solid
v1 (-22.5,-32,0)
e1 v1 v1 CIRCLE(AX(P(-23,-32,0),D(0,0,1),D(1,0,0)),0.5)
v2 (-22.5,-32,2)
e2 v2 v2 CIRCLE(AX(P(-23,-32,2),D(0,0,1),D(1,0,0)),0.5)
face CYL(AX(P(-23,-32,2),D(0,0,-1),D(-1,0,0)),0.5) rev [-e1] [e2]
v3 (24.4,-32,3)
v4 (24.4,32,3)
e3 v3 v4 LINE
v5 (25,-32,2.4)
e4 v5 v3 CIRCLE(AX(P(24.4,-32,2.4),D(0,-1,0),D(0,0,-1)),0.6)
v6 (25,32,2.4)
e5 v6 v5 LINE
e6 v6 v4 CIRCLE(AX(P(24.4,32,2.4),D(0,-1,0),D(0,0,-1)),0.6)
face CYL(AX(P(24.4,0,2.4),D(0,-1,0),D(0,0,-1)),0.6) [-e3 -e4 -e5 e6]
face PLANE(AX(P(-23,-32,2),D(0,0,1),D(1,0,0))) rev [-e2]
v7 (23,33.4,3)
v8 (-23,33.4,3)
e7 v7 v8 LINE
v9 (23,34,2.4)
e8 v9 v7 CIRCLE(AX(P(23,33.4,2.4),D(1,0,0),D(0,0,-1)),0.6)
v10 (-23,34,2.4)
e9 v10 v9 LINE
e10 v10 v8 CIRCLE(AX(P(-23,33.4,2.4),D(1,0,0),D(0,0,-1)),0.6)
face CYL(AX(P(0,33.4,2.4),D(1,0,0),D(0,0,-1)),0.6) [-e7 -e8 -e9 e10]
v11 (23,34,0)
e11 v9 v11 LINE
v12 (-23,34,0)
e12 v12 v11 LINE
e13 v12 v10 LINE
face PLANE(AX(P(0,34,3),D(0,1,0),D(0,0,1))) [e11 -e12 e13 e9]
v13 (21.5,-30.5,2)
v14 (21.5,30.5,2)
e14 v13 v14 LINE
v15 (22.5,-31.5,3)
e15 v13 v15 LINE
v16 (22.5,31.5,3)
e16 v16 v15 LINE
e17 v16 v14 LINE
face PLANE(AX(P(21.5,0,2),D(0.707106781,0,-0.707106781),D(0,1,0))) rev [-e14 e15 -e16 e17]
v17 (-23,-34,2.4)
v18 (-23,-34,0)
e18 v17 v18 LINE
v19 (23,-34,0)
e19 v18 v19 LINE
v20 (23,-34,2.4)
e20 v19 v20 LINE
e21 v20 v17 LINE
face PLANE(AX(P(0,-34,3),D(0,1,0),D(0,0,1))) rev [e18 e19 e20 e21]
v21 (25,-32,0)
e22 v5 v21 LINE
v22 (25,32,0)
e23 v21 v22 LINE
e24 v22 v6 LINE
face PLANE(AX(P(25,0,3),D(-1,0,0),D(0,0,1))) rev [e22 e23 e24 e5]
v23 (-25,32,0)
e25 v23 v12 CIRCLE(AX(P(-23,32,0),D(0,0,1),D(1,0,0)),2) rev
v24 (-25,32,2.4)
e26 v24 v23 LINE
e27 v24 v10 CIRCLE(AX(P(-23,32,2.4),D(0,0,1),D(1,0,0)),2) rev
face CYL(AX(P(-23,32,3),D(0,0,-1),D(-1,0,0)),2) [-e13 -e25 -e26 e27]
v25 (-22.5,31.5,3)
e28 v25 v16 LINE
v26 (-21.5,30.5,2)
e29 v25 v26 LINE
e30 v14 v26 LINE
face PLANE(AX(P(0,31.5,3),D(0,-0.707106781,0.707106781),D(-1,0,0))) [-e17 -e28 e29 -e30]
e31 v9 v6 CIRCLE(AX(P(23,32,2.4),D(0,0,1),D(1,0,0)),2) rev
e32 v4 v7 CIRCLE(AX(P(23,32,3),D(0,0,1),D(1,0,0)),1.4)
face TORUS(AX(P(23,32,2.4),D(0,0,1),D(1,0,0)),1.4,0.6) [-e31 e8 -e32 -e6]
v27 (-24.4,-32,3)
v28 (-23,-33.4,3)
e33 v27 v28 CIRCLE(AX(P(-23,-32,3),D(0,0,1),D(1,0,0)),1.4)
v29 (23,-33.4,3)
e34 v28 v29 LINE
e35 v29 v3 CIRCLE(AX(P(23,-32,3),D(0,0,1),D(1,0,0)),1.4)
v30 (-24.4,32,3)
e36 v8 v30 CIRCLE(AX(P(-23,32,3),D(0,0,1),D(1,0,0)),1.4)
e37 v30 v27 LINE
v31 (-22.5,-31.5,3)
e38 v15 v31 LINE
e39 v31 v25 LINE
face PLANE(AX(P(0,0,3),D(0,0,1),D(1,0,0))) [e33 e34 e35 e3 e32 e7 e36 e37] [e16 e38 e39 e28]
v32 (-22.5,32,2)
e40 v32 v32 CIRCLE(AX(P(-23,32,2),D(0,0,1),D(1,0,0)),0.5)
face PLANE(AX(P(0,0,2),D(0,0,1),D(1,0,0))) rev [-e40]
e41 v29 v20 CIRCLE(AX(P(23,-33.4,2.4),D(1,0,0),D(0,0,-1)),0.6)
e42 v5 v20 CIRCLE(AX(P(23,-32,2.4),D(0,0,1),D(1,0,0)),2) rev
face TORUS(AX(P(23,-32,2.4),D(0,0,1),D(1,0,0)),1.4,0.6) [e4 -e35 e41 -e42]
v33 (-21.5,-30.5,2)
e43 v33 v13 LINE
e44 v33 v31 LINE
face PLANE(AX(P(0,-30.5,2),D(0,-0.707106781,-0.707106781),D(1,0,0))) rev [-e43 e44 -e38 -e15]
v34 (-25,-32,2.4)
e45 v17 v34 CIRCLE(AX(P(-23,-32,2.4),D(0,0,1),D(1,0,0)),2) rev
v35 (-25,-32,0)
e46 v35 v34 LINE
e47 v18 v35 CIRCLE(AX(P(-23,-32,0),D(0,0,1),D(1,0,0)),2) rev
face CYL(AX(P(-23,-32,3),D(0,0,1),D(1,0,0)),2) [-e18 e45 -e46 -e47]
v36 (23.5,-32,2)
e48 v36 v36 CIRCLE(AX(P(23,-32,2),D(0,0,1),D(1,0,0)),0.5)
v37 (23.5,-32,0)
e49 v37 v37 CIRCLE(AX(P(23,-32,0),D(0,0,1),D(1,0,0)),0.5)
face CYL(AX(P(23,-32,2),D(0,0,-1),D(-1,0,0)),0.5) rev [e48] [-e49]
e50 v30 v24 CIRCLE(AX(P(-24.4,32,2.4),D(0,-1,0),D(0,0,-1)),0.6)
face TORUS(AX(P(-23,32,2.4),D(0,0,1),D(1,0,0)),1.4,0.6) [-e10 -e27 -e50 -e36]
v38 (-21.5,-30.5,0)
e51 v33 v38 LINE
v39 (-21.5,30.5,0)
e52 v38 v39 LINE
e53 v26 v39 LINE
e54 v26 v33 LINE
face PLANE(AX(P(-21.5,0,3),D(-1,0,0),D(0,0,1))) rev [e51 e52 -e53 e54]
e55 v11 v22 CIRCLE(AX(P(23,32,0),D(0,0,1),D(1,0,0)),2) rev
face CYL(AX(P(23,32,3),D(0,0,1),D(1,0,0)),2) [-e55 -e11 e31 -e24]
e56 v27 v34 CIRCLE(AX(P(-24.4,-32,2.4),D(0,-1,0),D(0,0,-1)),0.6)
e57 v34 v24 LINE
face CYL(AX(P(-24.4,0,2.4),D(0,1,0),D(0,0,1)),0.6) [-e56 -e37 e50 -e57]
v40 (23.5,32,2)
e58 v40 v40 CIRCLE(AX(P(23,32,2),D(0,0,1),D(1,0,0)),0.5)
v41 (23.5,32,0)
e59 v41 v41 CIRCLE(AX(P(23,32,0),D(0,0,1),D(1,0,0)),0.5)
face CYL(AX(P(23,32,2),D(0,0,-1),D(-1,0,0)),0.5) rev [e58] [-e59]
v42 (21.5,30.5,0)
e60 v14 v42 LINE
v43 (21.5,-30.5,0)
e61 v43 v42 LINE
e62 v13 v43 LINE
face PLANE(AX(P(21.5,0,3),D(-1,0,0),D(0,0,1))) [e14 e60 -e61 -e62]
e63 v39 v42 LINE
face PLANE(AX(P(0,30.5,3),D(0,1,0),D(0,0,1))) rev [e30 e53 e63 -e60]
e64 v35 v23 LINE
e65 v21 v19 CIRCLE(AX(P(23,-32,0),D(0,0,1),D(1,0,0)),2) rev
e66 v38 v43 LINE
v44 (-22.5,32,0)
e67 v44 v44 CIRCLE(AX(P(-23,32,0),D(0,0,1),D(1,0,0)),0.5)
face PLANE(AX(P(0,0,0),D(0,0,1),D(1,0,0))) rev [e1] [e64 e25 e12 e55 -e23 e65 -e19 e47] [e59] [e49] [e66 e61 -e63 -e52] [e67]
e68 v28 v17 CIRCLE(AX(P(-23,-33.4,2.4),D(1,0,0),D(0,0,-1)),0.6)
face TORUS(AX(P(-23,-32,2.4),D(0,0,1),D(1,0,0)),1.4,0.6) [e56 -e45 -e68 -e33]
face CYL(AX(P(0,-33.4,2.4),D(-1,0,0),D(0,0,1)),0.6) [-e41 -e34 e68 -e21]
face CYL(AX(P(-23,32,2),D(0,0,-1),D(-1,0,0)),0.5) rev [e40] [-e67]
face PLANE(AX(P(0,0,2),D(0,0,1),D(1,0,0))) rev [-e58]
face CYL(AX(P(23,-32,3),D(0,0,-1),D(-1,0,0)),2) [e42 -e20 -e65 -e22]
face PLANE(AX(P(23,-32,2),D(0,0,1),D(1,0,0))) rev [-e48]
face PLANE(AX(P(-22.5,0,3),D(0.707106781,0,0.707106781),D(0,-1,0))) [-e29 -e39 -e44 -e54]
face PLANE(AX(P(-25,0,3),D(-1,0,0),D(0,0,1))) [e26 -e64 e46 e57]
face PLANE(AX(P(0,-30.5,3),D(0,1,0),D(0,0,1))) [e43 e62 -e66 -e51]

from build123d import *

# Parameters (mm, degrees)
SKETCH_1_W          = 50
SKETCH_1_H          = 68
SKETCH_1_W_2        = 43
SKETCH_1_H_2        = 61
EXTRUDE_1_DEPTH     = 3
FILLET_1_R          = 2
SKETCH_1_5_R        = 0.5
CUT_EXTRUDE_1_DEPTH = 2
FILLET_2_R          = 0.6
CHAMFER_1_SIZE      = 1


with BuildPart() as part:
    # 草图1 → 凸台-拉伸1 (new body)
    with BuildSketch(Plane.XY):
        Rectangle(SKETCH_1_W, SKETCH_1_H)
        Rectangle(SKETCH_1_W_2, SKETCH_1_H_2, mode=Mode.SUBTRACT)
    extrude(amount=EXTRUDE_1_DEPTH)

    # 圆角1
    fillet_1_edges = [part.edges().sort_by_distance(p)[0] for p in [
        (-25, -34, 1.5),
        (25, -34, 1.5),
        (25, 34, 1.5),
        (-25, 34, 1.5),
    ]]
    fillet(fillet_1_edges, radius=FILLET_1_R)

    # 草图1<5> → 切除-拉伸1 (cut)
    with BuildSketch(Plane.XY):
        with Locations((-23, 32)):
            Circle(SKETCH_1_5_R)
        with Locations((23, 32)):
            Circle(SKETCH_1_5_R)
        with Locations((23, -32)):
            Circle(SKETCH_1_5_R)
        with Locations((-23, -32)):
            Circle(SKETCH_1_5_R)
    extrude(amount=CUT_EXTRUDE_1_DEPTH, mode=Mode.SUBTRACT)

    # 圆角2
    fillet_2_edges = [part.edges().sort_by_distance(p)[0] for p in [
        (24.414213562, -33.414213562, 3),
        (0, -34, 3),
        (-24.414213562, -33.414213562, 3),
        (-25, 0, 3),
        (-24.414213562, 33.414213562, 3),
        (0, 34, 3),
        (24.414213562, 33.414213562, 3),
        (25, 0, 3),
    ]]
    fillet(fillet_2_edges, radius=FILLET_2_R)

    # 倒角1
    chamfer_1_edges = [part.edges().sort_by_distance(p)[0] for p in [
        (21.5, 0, 3),
        (0, 30.5, 3),
        (0, -30.5, 3),
        (-21.5, 0, 3),
    ]]
    chamfer(chamfer_1_edges, length=CHAMFER_1_SIZE)


solid = part.part
